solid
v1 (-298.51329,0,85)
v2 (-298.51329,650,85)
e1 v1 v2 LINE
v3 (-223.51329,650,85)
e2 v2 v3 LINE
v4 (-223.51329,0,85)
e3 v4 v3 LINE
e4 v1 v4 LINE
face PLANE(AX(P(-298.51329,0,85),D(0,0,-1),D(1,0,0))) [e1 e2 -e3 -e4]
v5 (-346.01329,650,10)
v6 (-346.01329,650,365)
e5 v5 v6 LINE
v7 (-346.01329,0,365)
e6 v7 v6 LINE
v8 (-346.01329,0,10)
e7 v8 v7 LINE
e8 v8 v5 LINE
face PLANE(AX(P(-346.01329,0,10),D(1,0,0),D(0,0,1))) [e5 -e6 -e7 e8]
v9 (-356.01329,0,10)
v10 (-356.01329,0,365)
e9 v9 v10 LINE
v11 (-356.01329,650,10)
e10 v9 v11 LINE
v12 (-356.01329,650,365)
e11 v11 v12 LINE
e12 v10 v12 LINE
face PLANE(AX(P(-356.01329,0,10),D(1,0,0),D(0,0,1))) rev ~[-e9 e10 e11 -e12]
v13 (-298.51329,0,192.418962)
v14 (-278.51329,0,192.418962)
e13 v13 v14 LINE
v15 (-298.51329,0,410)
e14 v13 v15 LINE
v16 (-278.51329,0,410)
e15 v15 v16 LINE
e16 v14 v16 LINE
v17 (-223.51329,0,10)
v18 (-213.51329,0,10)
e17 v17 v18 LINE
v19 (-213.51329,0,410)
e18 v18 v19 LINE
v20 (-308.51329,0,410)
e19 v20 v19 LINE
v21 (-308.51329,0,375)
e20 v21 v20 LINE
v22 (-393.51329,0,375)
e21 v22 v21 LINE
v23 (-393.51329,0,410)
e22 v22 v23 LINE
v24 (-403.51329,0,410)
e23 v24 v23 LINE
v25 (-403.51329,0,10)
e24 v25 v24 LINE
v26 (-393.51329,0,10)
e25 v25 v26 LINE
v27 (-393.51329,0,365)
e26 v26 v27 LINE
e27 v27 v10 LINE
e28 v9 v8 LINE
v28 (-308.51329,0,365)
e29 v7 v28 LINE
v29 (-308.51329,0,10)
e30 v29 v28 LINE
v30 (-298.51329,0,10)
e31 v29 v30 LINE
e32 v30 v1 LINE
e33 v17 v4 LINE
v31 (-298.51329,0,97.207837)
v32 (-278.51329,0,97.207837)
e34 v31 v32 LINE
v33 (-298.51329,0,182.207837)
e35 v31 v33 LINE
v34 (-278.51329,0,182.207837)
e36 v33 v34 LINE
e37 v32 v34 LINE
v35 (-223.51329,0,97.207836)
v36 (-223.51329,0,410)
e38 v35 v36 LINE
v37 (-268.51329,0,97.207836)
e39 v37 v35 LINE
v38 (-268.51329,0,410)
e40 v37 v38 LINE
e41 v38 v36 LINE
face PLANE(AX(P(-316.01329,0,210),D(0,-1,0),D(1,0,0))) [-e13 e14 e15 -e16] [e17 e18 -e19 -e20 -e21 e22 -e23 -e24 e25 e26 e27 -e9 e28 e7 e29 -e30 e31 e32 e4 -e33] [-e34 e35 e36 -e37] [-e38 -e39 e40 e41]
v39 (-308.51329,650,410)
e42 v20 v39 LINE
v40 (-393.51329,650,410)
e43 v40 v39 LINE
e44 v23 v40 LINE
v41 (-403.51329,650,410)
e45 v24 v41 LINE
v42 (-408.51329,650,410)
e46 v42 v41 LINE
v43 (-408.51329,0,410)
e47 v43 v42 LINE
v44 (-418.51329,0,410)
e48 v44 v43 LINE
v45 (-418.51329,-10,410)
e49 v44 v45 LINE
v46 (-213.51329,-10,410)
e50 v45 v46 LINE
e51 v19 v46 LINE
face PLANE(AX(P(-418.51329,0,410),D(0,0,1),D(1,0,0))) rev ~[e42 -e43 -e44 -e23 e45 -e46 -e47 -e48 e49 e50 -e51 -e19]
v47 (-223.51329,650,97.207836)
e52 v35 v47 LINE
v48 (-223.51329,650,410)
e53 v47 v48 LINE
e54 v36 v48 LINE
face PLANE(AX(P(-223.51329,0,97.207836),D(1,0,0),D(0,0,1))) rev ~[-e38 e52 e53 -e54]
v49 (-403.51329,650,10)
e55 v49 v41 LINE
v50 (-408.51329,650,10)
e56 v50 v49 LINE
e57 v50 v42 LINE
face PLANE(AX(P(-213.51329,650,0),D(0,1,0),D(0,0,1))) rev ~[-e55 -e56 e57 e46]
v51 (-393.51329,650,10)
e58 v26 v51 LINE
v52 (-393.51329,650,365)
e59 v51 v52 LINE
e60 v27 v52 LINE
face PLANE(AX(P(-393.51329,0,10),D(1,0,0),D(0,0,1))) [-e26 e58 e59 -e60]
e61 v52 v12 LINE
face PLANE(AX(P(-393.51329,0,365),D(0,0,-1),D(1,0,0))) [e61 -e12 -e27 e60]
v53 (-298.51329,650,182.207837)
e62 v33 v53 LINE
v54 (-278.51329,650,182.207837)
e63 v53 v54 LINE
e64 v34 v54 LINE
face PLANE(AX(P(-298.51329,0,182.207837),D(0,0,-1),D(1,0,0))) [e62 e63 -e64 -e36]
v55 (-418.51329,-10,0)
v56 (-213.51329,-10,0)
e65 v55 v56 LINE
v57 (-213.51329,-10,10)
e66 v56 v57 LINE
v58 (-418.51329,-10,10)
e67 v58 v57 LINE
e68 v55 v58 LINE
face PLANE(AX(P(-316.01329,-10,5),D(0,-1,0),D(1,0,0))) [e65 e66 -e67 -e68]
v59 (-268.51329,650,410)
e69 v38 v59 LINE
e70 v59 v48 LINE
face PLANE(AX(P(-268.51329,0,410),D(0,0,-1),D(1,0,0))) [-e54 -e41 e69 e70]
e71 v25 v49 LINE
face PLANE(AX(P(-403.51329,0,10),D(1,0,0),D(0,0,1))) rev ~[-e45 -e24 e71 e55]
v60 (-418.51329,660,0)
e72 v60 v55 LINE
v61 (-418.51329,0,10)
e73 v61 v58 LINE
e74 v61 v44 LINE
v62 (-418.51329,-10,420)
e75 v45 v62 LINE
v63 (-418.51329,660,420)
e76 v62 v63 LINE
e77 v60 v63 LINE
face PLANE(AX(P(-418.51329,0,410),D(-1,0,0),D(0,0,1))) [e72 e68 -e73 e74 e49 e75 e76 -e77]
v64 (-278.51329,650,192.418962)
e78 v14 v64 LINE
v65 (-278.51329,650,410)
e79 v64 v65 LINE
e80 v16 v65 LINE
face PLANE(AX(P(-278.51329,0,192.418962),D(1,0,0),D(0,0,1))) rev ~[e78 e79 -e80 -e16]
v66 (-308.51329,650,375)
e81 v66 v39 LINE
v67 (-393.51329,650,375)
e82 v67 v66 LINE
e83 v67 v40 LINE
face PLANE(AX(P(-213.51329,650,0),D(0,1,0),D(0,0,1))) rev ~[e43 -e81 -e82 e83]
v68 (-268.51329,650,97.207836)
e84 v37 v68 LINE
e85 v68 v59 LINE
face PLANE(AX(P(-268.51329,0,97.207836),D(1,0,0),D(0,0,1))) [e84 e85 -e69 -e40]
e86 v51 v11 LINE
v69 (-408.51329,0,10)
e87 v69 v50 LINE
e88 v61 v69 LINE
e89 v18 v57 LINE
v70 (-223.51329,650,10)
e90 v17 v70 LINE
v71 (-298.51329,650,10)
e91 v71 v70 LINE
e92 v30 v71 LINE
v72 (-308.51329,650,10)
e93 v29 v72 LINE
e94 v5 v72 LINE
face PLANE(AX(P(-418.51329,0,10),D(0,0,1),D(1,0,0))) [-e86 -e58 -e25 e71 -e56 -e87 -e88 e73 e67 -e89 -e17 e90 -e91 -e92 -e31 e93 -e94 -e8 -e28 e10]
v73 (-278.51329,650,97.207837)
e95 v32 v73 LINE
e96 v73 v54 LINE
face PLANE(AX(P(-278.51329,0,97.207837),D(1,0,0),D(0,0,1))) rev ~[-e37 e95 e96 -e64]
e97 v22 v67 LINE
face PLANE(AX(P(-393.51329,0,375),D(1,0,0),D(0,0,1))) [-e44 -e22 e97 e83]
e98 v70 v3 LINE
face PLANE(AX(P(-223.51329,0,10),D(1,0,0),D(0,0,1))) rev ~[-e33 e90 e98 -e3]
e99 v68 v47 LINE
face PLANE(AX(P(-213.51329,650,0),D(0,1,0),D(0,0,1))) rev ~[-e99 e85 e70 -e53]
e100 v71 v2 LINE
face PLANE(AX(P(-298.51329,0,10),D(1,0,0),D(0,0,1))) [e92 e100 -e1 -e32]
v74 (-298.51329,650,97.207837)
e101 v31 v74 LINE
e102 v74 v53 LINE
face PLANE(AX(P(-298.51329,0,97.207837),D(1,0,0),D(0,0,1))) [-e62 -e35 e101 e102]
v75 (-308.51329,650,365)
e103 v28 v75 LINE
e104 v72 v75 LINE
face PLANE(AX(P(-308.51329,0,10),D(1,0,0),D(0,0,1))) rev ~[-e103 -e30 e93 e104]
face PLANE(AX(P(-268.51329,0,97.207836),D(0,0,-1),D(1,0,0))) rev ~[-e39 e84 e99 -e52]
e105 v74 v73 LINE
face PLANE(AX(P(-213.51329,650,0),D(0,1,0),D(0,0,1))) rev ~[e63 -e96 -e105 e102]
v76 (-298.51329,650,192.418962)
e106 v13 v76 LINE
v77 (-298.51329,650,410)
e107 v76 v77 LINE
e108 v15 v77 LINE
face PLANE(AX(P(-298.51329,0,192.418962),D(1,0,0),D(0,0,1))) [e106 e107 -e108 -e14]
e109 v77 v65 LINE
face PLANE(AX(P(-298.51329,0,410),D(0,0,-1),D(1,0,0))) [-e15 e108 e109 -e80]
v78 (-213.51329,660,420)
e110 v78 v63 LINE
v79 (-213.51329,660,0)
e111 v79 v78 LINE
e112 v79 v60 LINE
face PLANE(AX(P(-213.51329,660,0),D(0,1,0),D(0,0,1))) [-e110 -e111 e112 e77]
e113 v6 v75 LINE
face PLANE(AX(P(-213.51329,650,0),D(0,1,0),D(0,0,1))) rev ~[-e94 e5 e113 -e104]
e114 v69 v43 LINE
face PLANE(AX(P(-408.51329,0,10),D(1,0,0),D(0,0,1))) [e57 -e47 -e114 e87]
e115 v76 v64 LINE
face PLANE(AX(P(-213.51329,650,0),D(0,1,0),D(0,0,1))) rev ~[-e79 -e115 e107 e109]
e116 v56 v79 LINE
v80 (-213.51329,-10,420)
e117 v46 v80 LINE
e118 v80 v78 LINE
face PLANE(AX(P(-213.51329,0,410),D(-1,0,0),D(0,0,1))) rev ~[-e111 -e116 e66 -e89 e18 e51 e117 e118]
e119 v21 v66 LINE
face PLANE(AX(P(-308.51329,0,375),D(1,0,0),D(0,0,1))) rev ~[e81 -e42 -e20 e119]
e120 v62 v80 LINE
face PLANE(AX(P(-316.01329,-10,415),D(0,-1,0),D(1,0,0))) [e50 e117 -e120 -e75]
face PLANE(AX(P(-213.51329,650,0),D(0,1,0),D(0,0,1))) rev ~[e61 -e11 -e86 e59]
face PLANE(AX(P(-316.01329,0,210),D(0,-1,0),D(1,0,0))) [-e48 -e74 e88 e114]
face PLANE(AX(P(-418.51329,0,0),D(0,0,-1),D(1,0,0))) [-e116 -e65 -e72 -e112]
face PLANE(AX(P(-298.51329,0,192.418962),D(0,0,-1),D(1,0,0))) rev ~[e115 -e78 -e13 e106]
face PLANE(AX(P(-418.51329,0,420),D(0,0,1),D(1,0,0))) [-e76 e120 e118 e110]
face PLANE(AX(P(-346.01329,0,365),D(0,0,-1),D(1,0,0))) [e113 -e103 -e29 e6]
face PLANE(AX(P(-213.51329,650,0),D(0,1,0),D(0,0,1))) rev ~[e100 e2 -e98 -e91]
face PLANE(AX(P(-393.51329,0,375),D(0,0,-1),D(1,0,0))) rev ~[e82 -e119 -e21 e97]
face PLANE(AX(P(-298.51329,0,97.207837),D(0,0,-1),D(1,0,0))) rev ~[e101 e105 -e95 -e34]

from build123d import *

# Parameters (mm, degrees)
F0_W     = 205
F0_H     = 420
F0_W_2   = 37.5
F0_H_2   = 355
F0_W_3   = 75
F0_H_3   = 75
F0_W_4   = 20
F0_H_4   = 85
F0_W_5   = 5
F0_H_5   = 400
F0_W_6   = 85
F0_H_6   = 35
F0_H_7   = 217.581037
F0_W_7   = 45
F0_H_8   = 312.792163
F1_DEPTH = 650
F2_W     = 10
F2_H     = 420
F3_DEPTH = 205
F4_W     = 205
F4_H     = 10
F5_DEPTH = 10


with BuildPart() as f1:
    # F0 (on Front) → F1 (new body)
    with BuildSketch(Plane.XZ):
        with Locations((-316.01329, 210)):
            Rectangle(F0_W, F0_H)
        with Locations((-374.76329, 187.5)):
            Rectangle(F0_W_2, F0_H_2, mode=Mode.SUBTRACT)
        with Locations((-327.26329, 187.5)):
            Rectangle(F0_W_2, F0_H_2, mode=Mode.SUBTRACT)
        with Locations((-261.01329, 47.5)):
            Rectangle(F0_W_3, F0_H_3, mode=Mode.SUBTRACT)
        with Locations((-288.51329, 139.707837)):
            Rectangle(F0_W_4, F0_H_4, mode=Mode.SUBTRACT)
        with Locations((-406.01329, 210)):
            Rectangle(F0_W_5, F0_H_5, mode=Mode.SUBTRACT)
        with Locations((-351.01329, 392.5)):
            Rectangle(F0_W_6, F0_H_6, mode=Mode.SUBTRACT)
        with Locations((-288.51329, 301.209481)):
            Rectangle(F0_W_4, F0_H_7, mode=Mode.SUBTRACT)
        with Locations((-246.01329, 253.603918)):
            Rectangle(F0_W_7, F0_H_8, mode=Mode.SUBTRACT)
    extrude(amount=-F1_DEPTH)

    # F2 (on face) → F3 (join, through all)
    with BuildSketch(Plane.YZ.offset(-213.51329)):
        with Locations((655, 210)):
            Rectangle(F2_W, F2_H)
    extrude(amount=-F3_DEPTH)

    # F4 (on face) → F5 (join)
    with BuildSketch(Plane.XZ):
        with Locations((-316.01329, 415)):
            Rectangle(F4_W, F4_H)
        with Locations((-316.01329, 5)):
            Rectangle(F4_W, F4_H)
    extrude(amount=F5_DEPTH)


solid = f1.part
